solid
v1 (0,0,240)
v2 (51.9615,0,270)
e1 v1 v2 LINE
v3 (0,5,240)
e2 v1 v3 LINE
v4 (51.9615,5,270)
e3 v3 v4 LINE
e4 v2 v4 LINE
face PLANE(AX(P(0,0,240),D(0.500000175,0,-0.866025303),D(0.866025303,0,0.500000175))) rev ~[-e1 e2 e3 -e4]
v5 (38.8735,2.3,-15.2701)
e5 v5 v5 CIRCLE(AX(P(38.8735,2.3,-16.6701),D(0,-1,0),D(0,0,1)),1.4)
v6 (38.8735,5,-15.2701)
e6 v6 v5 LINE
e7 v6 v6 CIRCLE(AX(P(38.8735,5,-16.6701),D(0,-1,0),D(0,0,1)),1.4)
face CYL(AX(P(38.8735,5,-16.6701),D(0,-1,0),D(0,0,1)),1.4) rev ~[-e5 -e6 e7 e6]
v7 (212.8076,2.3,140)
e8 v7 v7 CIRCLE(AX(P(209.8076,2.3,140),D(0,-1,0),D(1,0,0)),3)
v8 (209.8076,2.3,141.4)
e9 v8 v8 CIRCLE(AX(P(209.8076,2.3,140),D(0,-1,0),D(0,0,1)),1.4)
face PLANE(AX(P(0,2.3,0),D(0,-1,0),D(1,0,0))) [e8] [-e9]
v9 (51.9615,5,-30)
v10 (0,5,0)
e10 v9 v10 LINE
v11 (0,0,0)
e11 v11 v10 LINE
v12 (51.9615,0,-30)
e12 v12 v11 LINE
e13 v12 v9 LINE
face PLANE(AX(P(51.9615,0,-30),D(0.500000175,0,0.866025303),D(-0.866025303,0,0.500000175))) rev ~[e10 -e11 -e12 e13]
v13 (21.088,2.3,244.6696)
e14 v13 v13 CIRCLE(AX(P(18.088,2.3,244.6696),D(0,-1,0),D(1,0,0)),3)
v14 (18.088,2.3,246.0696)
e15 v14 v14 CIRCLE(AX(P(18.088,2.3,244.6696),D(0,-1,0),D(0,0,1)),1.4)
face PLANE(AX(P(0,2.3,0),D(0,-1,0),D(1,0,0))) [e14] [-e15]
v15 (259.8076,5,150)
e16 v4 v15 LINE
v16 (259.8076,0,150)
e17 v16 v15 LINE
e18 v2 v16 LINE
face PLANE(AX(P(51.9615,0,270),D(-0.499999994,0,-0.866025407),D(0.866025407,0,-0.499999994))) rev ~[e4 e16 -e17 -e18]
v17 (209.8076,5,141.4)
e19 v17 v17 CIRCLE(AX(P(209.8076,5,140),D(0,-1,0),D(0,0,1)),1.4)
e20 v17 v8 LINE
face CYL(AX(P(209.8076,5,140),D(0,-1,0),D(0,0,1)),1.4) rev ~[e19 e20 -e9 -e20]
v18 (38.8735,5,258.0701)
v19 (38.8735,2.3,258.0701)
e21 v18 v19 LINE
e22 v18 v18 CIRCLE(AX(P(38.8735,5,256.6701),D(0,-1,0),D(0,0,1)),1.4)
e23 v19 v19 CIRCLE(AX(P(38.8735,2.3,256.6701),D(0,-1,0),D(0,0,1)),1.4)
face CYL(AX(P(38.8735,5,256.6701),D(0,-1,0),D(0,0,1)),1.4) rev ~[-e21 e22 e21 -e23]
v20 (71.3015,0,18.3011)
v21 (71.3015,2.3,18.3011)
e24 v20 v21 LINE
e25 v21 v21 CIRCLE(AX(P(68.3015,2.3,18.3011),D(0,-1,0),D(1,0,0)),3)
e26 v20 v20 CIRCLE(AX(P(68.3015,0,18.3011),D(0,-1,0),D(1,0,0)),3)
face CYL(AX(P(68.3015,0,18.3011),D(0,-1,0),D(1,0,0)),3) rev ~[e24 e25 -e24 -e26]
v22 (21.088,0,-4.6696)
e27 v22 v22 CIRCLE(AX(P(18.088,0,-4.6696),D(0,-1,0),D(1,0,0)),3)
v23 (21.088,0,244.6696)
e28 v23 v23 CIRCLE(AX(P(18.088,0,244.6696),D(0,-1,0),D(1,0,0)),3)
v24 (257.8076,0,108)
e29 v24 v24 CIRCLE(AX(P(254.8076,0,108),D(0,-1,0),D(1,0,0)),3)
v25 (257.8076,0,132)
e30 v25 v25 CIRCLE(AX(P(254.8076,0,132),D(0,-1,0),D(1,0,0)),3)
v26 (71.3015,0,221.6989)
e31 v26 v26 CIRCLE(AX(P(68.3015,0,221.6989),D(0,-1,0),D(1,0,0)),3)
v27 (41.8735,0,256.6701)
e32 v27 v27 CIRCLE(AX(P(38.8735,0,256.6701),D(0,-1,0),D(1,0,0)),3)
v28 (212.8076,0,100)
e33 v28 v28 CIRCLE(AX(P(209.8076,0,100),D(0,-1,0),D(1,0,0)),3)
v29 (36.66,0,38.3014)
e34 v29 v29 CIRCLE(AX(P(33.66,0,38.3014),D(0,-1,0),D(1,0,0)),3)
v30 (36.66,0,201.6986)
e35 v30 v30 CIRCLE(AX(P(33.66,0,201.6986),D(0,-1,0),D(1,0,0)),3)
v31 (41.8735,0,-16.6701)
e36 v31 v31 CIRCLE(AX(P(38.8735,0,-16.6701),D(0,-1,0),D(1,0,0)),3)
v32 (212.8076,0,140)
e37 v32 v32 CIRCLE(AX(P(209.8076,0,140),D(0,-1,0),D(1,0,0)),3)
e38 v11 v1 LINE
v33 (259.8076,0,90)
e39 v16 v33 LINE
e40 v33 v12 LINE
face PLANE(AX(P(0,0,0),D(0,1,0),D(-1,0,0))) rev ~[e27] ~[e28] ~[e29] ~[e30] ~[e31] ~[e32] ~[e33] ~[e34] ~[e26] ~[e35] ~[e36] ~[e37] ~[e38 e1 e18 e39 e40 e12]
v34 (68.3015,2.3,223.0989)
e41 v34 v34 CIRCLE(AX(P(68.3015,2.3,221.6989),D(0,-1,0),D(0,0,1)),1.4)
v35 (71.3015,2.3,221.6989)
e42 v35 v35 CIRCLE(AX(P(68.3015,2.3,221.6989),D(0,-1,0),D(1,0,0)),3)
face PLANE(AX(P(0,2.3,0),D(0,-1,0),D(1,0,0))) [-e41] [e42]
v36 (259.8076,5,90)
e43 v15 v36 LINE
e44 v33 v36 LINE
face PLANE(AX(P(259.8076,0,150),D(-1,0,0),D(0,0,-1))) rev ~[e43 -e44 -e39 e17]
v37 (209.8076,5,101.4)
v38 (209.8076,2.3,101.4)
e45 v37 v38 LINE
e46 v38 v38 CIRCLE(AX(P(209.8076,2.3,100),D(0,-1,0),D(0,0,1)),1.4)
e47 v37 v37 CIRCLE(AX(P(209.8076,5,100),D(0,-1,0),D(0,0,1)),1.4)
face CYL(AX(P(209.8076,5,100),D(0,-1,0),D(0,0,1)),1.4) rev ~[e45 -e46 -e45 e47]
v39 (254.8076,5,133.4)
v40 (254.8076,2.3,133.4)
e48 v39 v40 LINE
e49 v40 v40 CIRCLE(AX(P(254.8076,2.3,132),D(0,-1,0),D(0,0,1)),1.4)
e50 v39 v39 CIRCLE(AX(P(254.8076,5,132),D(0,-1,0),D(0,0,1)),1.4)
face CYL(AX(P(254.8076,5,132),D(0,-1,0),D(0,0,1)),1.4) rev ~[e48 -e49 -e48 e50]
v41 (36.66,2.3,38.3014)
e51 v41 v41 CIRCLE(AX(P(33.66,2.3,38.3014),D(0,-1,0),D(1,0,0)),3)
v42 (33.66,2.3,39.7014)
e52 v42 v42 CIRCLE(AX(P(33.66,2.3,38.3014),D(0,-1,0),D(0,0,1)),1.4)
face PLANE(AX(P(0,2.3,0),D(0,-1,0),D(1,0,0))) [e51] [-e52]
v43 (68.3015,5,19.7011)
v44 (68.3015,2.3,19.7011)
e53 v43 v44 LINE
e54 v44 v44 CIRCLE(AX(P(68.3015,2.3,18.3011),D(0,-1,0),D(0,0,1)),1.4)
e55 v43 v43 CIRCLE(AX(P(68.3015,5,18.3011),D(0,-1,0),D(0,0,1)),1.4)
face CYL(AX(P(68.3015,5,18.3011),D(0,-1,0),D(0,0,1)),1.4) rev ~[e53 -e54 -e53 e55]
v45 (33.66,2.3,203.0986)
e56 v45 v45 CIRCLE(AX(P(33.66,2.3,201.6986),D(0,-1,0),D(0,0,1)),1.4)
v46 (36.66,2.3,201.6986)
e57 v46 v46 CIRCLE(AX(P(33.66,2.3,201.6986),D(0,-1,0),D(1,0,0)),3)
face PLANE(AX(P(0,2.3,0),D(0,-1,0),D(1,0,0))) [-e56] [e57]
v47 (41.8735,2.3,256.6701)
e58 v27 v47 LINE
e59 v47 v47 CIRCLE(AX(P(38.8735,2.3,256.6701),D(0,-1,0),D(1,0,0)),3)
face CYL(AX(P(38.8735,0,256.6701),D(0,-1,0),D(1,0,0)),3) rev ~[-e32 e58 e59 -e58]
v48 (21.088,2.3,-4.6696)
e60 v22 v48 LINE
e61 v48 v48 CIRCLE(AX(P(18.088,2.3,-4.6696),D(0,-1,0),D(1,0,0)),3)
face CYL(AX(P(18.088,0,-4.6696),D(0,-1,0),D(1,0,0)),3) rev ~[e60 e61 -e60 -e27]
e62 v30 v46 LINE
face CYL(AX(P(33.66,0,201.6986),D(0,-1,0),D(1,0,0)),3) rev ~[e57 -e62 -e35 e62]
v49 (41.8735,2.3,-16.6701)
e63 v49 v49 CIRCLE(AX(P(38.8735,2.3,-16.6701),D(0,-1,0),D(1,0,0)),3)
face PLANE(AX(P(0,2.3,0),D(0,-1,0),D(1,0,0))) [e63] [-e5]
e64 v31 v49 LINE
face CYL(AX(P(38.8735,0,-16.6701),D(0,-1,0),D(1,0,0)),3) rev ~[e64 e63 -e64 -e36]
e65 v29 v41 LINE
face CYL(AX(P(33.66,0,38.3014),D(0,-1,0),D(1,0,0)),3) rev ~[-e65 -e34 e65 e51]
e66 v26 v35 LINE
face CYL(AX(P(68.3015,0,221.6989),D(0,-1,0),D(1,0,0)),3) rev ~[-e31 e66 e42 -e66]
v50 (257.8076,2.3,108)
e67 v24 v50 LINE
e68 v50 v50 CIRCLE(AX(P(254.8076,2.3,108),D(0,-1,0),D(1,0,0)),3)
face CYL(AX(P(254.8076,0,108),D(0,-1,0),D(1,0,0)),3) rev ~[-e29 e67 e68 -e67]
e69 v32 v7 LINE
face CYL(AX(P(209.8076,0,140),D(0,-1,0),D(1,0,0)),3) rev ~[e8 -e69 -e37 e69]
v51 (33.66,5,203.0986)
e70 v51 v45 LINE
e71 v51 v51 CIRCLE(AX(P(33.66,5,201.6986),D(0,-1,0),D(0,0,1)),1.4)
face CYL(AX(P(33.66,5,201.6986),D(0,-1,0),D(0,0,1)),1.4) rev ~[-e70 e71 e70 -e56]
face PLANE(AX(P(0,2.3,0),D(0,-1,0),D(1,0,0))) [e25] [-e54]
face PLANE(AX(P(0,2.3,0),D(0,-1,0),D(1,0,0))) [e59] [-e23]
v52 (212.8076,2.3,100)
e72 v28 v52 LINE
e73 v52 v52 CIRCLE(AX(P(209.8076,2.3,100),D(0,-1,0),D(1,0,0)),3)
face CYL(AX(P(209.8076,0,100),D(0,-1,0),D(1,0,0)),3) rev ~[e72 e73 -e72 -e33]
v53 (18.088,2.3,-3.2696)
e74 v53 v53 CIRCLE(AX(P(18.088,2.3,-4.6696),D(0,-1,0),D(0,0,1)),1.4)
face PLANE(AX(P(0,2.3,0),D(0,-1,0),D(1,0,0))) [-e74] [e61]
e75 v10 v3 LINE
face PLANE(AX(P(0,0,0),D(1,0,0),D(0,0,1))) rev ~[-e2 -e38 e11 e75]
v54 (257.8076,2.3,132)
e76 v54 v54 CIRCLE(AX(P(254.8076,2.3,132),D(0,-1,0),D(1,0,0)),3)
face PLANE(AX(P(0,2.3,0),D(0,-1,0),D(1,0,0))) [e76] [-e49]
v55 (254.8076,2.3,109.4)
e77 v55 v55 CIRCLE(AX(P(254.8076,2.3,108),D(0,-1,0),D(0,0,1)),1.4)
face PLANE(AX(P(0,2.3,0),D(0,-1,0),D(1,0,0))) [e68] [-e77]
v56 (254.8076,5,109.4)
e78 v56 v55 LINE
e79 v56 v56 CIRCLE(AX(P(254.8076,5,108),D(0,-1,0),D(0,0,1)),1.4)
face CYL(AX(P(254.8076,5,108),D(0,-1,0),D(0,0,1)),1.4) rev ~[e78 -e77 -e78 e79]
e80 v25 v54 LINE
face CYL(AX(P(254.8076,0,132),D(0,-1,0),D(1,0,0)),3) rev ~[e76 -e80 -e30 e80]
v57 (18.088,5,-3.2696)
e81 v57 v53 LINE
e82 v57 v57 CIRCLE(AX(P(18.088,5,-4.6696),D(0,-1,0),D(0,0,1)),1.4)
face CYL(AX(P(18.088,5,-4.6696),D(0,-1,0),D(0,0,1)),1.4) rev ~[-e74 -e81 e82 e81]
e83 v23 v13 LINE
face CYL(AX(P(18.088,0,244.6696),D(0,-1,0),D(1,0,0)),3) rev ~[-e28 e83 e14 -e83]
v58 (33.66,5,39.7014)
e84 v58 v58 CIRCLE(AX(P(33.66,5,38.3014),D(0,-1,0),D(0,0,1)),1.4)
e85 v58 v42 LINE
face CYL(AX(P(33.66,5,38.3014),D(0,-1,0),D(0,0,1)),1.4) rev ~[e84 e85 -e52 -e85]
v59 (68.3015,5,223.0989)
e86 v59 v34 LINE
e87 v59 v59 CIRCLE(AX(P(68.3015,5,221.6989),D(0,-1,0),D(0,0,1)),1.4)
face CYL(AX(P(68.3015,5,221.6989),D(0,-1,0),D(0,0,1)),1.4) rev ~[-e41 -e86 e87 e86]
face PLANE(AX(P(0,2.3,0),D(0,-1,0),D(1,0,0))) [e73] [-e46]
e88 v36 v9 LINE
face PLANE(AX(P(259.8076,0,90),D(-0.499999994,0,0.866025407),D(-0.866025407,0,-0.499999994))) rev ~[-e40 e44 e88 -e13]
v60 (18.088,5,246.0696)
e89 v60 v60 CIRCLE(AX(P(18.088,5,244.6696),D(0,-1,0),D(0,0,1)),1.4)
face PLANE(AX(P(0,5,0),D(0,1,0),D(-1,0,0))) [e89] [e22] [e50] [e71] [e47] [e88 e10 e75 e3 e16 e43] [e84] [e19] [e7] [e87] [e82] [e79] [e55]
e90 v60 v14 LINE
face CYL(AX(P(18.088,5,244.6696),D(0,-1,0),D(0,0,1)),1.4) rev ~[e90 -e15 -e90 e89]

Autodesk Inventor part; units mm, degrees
ref_plane "YZ Plane" through (0, 0, 0) normal (1, 0, 0) x (0, 1, 0)
ref_plane "XZ Plane" through (0, 0, 0) normal (0, 1, 0) x (-1, 0, 0)
ref_plane "XY Plane" through (0, 0, 0) normal (0, 0, 1) x (1, 0, 0)
sketch "Sketch1" plane through (0, 0, 0) normal (0, 1, 0) x (-1, 0, 0)
  line L0 (-259.8076, 150) -> (-259.8076, 90)
  line L1 (-259.8076, 90) -> (-51.9615, -30)
  line L2 (-51.9615, -30) -> (0, 0)
  line L3 (0, 0) -> (0, 240)
  line L4 (0, 240) -> (-51.9615, 270)
  line L5 (-51.9615, 270) -> (-259.8076, 150)
  dimension "d0" = 120
  dimension "d1" = 120
  dimension "d2" = 120
  dimension "d4" = 120
  dimension "d5" = 120
  dimension "d6" = 60
  dimension "d7" = 120
  dimension "d71" = 259.8076
  dimension "d72" = 300
extrude "Extrusion1" add sketch "Sketch1" along normal blind 5
sketch "Sketch2" plane through (0, 5, 0) normal (0, 1, 0) x (1, 0, 0)
  line L0 (254.8076, -108) -> (254.8076, -132)
  line L1 (259.8076, -150) -> (259.8076, -90) projected
  line L2 (259.8076, -90) -> (51.9615, 30) projected
  line L3 (51.9615, -270) -> (259.8076, -150) projected
  line L4 (209.8076, -108) -> (209.8076, -132)
  line L5 (209.8076, -108) -> (209.8076, -100)
  line L6 (209.8076, -144.7569) -> (209.8076, -140)
  point P0 (0, 0)
  dimension "d10" = 24
  dimension "d11" = 5
  dimension "d12" = 18
  dimension "d31" = 18.0885
  dimension "d32" = 18.0885
  dimension "d33" = 18
  dimension "d44" = 45
  dimension "d45" = 0
  dimension "d47" = 40.5885
  dimension "d51" = 8
  dimension "d52" = 8
hole "Hole1" at (209.8076, 5, 100) at (209.8076, 5, 140) at (254.8076, 5, 108) at (254.8076, 5, 132) direction (0, -1, 0) diameter 2.8 end through all
sketch "Sketch3" plane through (0, 5, 0) normal (0, 1, 0) x (1, 0, 0)
  line L0 (18.088, 4.6696) -> (38.8735, 16.6701)
  line L1 (51.9615, 30) -> (0, 0) projected
  line L2 (0, 0) -> (0, -240) projected
  line L3 (259.8076, -90) -> (51.9615, 30) projected
  line L4 (51.413, -28.0517) -> (72.1985, -16.0512)
  line L5 (72.1985, -16.0512) -> (68.3015, -18.3011)
  line L6 (51.413, -28.0517) -> (33.66, -38.3014)
  dimension "d20" = 5
  dimension "d22" = 18.088
  dimension "d23" = 18.088
  dimension "d46" = 45
  dimension "d53" = 33.66
  dimension "d73" = 33.66
hole "Hole2" at (68.3015, 5, 18.3011) at (33.66, 5, 38.3014) at (18.088, 5, -4.6696) at (38.8735, 5, -16.6701) direction (0, -1, 0) diameter 2.8 end through all
sketch "Sketch4" plane through (0, 5, 0) normal (0, 1, 0) x (1, 0, 0)
  line L0 (18.088, -244.6696) -> (38.8735, -256.6701)
  line L1 (0, -240) -> (51.9615, -270) projected
  line L2 (51.9615, -270) -> (259.8076, -150) projected
  line L3 (0, 0) -> (0, -240) projected
  line L4 (47.516, -209.6983) -> (68.3015, -221.6989)
  line L5 (68.3015, -221.6989) -> (68.3015, -221.6989)
  line L6 (25.866, -197.1987) -> (33.66, -201.6986)
  dimension "d34" = 5
  dimension "d35" = 18.088
  dimension "d36" = 18.088
  dimension "d49" = 45
  dimension "d74" = 33.66
  dimension "d75" = 33.66
  dimension "d76" = 33.66
hole "Hole3" at (68.3015, 5, 221.6989) at (33.66, 5, 201.6986) at (18.088, 5, 244.6696) at (38.8735, 5, 256.6701) direction (0, -1, 0) diameter 2.8 end through all
sketch "Sketch5" plane through (0, 0, 0) normal (0, -1, 0) x (1, 0, 0)
  circle A0 centre (18.088, 244.6696) radius 1.4 projected
  circle A1 centre (68.3015, 221.6989) radius 1.4 projected
  circle A2 centre (33.66, 201.6986) radius 1.4 projected
  circle A3 centre (38.8735, 256.6701) radius 1.4 projected
  circle A4 centre (18.088, -4.6696) radius 1.4 projected
  circle A5 centre (68.3015, 18.3011) radius 1.4 projected
  circle A6 centre (33.66, 38.3014) radius 1.4 projected
  circle A7 centre (38.8735, -16.6701) radius 1.4 projected
  circle A8 centre (254.8076, 108) radius 1.4 projected
  circle A9 centre (209.8076, 100) radius 1.4 projected
  circle A10 centre (209.8076, 140) radius 1.4 projected
  circle A11 centre (254.8076, 132) radius 1.4 projected
  line L0 (259.8076, 90) -> (51.9615, -30) projected
  line L1 (259.8076, 150) -> (259.8076, 90) projected
  line L2 (51.9615, 270) -> (259.8076, 150) projected
  line L3 (0, 240) -> (51.9615, 270) projected
  line L4 (0, 0) -> (0, 240) projected
  line L5 (51.9615, -30) -> (0, 0) projected
  circle A12 centre (254.8076, 108) radius 1.4 projected
  circle A13 centre (254.8076, 108) radius 3
  circle A14 centre (254.8076, 132) radius 1.4 projected
  circle A15 centre (254.8076, 132) radius 3
  circle A16 centre (209.8076, 100) radius 3
  circle A17 centre (209.8076, 140) radius 3
  circle A18 centre (68.3015, 221.6989) radius 1.4 projected
  circle A19 centre (68.3015, 221.6989) radius 3
  circle A20 centre (38.8735, 256.6701) radius 1.4 projected
  circle A21 centre (38.8735, 256.6701) radius 3
  circle A22 centre (18.088, 244.6696) radius 1.4 projected
  circle A23 centre (18.088, 244.6696) radius 3
  circle A24 centre (33.66, 201.6986) radius 3
  circle A25 centre (33.66, 38.3014) radius 1.4 projected
  circle A26 centre (33.66, 38.3014) radius 3
  circle A27 centre (68.3015, 18.3011) radius 1.4 projected
  circle A28 centre (68.3015, 18.3011) radius 3
  circle A29 centre (38.8735, -16.6701) radius 1.4 projected
  circle A30 centre (38.8735, -16.6701) radius 3
  circle A31 centre (18.088, -4.6696) radius 1.4 projected
  circle A32 centre (18.088, -4.6696) radius 3
  dimension "d57" = 6
  dimension "d58" = 6
  dimension "d59" = 6
  dimension "d60" = 6
  dimension "d61" = 6
  dimension "d62" = 6
  dimension "d63" = 6
  dimension "d64" = 6
  dimension "d65" = 6
  dimension "d66" = 6
  dimension "d67" = 6
  dimension "d68" = 6
extrude "Extrusion2" cut sketch "Sketch5" against normal blind 2.3 contours A13 | A15 | A16 | A17 | A19 | A21 | A23 | A24 | A26 | A28 | A30 | A32
properties part number "lap" material "Wood (Birch)"
